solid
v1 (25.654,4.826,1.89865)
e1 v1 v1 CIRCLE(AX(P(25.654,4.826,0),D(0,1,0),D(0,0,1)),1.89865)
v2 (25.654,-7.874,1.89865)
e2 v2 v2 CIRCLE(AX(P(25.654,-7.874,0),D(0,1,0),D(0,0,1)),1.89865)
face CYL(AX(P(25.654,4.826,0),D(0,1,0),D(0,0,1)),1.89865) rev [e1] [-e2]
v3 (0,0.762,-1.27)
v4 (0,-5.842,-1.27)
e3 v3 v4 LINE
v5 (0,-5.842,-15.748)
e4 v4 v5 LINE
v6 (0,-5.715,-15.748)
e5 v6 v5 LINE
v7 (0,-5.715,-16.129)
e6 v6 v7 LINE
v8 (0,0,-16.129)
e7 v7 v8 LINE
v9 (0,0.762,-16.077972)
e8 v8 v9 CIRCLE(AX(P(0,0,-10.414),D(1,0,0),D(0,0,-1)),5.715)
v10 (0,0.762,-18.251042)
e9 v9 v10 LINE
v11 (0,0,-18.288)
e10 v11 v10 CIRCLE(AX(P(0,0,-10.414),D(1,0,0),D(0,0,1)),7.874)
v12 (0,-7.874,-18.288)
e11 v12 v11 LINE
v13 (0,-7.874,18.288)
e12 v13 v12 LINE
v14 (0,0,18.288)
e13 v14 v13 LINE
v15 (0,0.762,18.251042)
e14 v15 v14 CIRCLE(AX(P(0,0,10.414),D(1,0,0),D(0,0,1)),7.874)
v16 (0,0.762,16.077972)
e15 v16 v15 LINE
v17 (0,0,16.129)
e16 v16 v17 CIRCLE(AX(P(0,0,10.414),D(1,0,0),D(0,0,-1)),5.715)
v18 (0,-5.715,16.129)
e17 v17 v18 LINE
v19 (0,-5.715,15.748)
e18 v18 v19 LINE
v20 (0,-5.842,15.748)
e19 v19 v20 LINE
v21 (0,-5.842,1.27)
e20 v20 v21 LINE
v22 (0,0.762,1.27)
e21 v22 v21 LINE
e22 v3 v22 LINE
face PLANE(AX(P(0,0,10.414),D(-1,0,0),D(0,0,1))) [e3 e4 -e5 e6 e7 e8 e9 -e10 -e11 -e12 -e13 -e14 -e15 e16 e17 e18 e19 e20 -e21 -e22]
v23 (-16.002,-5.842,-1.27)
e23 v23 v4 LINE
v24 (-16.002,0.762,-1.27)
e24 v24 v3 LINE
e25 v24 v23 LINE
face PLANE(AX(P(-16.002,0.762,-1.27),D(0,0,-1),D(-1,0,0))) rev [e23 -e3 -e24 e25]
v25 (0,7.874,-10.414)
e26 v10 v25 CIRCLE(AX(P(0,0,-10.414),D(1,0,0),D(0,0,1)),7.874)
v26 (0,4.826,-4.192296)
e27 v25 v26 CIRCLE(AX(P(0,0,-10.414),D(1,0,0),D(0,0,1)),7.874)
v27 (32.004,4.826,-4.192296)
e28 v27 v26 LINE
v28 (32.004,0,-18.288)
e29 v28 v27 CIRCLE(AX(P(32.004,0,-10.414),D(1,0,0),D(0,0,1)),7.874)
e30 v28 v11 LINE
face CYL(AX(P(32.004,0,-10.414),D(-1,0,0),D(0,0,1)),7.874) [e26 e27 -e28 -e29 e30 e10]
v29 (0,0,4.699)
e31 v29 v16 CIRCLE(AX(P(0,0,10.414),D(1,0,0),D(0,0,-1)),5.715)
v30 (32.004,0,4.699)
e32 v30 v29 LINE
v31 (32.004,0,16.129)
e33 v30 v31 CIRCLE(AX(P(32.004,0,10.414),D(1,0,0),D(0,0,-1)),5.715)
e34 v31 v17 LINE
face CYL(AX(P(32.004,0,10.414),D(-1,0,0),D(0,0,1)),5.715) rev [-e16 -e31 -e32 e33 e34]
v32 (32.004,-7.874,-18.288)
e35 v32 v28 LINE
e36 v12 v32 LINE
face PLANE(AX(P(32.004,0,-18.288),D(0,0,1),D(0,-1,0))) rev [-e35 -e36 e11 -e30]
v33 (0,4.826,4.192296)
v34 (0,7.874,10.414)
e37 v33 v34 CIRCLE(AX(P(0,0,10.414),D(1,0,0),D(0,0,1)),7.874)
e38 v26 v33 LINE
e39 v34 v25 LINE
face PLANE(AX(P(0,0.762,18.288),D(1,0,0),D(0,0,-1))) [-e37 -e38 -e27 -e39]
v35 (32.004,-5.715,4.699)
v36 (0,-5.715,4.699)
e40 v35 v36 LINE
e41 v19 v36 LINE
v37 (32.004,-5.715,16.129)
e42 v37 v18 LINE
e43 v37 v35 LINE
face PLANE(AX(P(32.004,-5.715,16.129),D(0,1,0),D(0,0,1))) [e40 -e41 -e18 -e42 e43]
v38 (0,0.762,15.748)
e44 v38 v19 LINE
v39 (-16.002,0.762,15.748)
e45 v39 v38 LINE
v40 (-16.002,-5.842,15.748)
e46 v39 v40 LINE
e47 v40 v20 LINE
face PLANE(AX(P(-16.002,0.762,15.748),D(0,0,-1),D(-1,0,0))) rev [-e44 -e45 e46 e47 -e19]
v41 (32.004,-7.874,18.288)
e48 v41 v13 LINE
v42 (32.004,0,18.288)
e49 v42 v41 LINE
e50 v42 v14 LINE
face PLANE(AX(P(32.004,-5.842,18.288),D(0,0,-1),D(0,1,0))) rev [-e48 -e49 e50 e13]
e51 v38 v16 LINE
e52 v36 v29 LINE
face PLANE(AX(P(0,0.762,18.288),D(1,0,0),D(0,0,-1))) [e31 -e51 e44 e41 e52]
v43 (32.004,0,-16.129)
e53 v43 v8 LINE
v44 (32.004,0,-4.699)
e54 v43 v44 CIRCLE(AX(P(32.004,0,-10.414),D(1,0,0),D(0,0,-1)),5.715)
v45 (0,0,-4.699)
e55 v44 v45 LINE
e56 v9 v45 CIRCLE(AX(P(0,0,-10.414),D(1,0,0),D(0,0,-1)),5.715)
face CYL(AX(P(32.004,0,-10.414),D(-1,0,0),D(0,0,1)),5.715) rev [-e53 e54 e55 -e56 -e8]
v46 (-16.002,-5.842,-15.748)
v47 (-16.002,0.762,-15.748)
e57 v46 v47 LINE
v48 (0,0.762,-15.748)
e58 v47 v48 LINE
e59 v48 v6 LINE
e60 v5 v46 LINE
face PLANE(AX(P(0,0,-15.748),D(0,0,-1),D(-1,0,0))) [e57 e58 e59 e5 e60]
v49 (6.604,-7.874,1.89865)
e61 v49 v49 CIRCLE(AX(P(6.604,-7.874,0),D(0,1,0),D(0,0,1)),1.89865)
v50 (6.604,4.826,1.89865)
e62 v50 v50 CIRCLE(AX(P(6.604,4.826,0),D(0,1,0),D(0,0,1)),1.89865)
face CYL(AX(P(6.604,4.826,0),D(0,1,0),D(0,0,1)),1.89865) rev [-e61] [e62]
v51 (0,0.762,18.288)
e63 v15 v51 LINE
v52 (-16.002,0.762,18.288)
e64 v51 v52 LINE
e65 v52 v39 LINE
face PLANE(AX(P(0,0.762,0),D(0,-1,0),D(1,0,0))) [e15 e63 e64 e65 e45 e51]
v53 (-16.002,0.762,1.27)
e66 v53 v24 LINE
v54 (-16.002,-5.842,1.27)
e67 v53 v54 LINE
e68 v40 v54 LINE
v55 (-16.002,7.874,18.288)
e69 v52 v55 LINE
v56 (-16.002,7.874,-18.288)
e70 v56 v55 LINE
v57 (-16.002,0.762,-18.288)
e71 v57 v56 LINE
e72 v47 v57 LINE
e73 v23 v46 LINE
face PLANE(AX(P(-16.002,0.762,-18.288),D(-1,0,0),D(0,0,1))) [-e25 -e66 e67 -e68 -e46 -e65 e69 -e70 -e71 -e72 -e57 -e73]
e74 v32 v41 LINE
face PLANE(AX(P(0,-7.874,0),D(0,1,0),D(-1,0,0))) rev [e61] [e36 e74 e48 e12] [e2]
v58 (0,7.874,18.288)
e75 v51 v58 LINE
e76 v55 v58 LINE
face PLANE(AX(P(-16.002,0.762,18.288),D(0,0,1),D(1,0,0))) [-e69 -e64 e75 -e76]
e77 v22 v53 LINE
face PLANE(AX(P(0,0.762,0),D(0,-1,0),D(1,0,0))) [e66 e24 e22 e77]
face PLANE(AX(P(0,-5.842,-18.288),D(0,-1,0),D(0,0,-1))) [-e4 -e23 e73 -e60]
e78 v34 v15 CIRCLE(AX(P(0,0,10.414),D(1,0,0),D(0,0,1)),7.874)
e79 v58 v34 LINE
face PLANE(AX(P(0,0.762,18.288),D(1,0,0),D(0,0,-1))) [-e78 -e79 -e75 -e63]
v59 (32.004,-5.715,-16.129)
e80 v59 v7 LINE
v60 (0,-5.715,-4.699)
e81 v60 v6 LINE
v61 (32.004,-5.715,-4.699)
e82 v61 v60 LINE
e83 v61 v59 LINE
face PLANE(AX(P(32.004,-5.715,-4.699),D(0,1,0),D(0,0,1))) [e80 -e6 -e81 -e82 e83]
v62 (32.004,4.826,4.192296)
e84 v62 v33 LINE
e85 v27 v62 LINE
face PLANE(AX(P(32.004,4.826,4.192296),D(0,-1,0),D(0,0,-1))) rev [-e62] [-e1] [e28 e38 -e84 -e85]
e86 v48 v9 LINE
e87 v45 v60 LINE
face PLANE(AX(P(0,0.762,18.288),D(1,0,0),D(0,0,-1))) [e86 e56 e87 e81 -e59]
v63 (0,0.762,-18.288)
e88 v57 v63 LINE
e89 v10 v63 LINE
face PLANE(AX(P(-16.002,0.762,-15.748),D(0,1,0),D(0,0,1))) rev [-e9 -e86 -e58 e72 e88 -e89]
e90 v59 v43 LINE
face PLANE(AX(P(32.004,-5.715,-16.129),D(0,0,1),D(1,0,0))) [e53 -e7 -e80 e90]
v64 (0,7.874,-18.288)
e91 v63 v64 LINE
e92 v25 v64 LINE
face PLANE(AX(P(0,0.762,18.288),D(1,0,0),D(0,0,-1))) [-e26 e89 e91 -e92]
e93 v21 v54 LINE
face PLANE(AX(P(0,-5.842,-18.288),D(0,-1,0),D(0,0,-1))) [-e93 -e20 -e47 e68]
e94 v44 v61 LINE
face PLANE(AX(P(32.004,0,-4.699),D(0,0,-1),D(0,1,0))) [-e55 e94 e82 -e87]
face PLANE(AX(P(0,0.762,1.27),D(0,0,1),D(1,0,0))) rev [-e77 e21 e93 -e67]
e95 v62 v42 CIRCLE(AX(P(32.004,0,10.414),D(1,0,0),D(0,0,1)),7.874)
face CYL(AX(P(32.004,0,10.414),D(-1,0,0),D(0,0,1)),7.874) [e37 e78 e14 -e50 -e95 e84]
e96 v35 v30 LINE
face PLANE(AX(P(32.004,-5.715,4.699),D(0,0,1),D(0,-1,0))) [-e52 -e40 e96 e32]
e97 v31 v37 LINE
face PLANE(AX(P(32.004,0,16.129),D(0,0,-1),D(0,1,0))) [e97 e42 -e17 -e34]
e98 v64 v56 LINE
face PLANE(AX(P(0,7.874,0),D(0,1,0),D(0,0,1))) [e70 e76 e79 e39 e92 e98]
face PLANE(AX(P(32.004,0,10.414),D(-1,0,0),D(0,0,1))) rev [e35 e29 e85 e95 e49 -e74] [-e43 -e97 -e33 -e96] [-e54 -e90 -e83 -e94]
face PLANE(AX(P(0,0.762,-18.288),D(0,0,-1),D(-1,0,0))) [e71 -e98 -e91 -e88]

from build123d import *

# Parameters (mm, degrees)
SKETCH1_W              = 16.002
SKETCH1_H              = 36.576
BOSS_EXTRUDE1_DEPTH    = 7.112
BOSS_EXTRUDE2_DEPTH    = 6.604
SKETCH3_W              = 16.002
SKETCH3_H              = 6.604
CUT_EXTRUDE1_DEPTH     = 2.54
SKETCH4_W              = 16.002
SKETCH4_H              = 2.54
CUT_EXTRUDE2_DEPTH     = 6.604
BOSS_EXTRUDE3_DEPTH    = 32.004
SKETCH6_W              = 32.004
SKETCH6_H              = 36.576
BOSS_EXTRUDE4_DEPTH    = 2.032
SKETCH7_W              = 16.002
SKETCH7_H              = 2.54
CUT_EXTRUDE3_DEPTH     = 6.604
M3_5_CLEARANCE_HOLE1_D = 3.7973


with BuildPart() as part:
    # Sketch1 → Boss-Extrude1 (new body)
    with BuildSketch(Plane(origin=(0, 7.874, 0), x_dir=(1, 0, 0), z_dir=(0, 1, 0))):
        with Locations((-8.001, 0)):
            Rectangle(SKETCH1_W, SKETCH1_H)
    extrude(amount=-BOSS_EXTRUDE1_DEPTH)

    # Sketch2 → Boss-Extrude2 (add)
    with BuildSketch(Plane.XZ.offset(-0.762)):
        with BuildLine():
            Line((-16.002, -18.288), (-16.002, 18.288))
            Line((-16.002, 18.288), (0, 18.288))
            Line((0, 18.288), (0, -15.748))
            add(Edge.make_bspline(
                [(0, -18.288), (0, -17.441333333), (0, -16.594666667), (0, -15.748)],
                knots=[0, 0, 0, 0, 1, 1, 1, 1], degree=3))
            Line((0, -18.288), (-16.002, -18.288))
        make_face()
    extrude(amount=BOSS_EXTRUDE2_DEPTH)

    # Sketch3 → Cut-Extrude1 (cut)
    with BuildSketch(Plane(origin=(0, 0, -18.288), x_dir=(-1, 0, 0), z_dir=(0, 0, -1))):
        with Locations((8.001, -2.54)):
            Rectangle(SKETCH3_W, SKETCH3_H)
    extrude(amount=-CUT_EXTRUDE1_DEPTH, mode=Mode.SUBTRACT)

    # Sketch4 → Cut-Extrude2 (cut)
    with BuildSketch(Plane.XZ.offset(5.842)):
        with Locations((-8.001, 17.018)):
            Rectangle(SKETCH4_W, SKETCH4_H)
    extrude(amount=-CUT_EXTRUDE2_DEPTH, mode=Mode.SUBTRACT)

    # Sketch5 → Boss-Extrude3 (add)
    with BuildSketch(Plane(origin=(0, 0, 0), x_dir=(0, 0, -1), z_dir=(1, 0, 0))):
        with BuildLine():
            Line((-18.288, -5.842), (-18.288, 0))
            ThreePointArc((-18.288, 0), (-12.964507707, 7.449482293), (-4.192296053, 4.826))
            Line((-4.192296053, 4.826), (4.192296053, 4.826))
            ThreePointArc((4.192296053, 4.826), (12.964507707, 7.449482293), (18.288, 0))
            Line((18.288, 0), (18.288, -5.842))
            Line((18.288, -5.842), (-18.288, -5.842))
        make_face()
        with BuildLine():
            Line((4.699, 0), (4.699, -5.715))
            Line((4.699, -5.715), (16.129, -5.715))
            Line((16.129, -5.715), (16.129, 0))
            ThreePointArc((16.129, 0), (10.414, 5.715), (4.699, 0))
        make_face(mode=Mode.SUBTRACT)
        with BuildLine():
            Line((-16.129, 0), (-16.129, -5.715))
            Line((-16.129, -5.715), (-4.699, -5.715))
            Line((-4.699, -5.715), (-4.699, 0))
            ThreePointArc((-4.699, 0), (-10.414, 5.715), (-16.129, 0))
        make_face(mode=Mode.SUBTRACT)
    extrude(amount=BOSS_EXTRUDE3_DEPTH)

    # Sketch6 → Boss-Extrude4 (add)
    with BuildSketch(Plane.XZ.offset(5.842)):
        with Locations((16.002, 0)):
            Rectangle(SKETCH6_W, SKETCH6_H)
    extrude(amount=BOSS_EXTRUDE4_DEPTH)

    # Sketch7 → Cut-Extrude3 (cut)
    with BuildSketch(Plane.XZ.offset(5.842)):
        with Locations((-8.001, 0)):
            Rectangle(SKETCH7_W, SKETCH7_H)
    extrude(amount=-CUT_EXTRUDE3_DEPTH, mode=Mode.SUBTRACT)

    # M3.5 Clearance Hole1 (through all)
    with Locations(Plane(origin=(0, 4.826, 0), x_dir=(1, 0, 0), z_dir=(0, 1, 0))):
        with Locations((25.654, 0), (6.604, 0)):
            Hole(M3_5_CLEARANCE_HOLE1_D / 2)


solid = part.part
